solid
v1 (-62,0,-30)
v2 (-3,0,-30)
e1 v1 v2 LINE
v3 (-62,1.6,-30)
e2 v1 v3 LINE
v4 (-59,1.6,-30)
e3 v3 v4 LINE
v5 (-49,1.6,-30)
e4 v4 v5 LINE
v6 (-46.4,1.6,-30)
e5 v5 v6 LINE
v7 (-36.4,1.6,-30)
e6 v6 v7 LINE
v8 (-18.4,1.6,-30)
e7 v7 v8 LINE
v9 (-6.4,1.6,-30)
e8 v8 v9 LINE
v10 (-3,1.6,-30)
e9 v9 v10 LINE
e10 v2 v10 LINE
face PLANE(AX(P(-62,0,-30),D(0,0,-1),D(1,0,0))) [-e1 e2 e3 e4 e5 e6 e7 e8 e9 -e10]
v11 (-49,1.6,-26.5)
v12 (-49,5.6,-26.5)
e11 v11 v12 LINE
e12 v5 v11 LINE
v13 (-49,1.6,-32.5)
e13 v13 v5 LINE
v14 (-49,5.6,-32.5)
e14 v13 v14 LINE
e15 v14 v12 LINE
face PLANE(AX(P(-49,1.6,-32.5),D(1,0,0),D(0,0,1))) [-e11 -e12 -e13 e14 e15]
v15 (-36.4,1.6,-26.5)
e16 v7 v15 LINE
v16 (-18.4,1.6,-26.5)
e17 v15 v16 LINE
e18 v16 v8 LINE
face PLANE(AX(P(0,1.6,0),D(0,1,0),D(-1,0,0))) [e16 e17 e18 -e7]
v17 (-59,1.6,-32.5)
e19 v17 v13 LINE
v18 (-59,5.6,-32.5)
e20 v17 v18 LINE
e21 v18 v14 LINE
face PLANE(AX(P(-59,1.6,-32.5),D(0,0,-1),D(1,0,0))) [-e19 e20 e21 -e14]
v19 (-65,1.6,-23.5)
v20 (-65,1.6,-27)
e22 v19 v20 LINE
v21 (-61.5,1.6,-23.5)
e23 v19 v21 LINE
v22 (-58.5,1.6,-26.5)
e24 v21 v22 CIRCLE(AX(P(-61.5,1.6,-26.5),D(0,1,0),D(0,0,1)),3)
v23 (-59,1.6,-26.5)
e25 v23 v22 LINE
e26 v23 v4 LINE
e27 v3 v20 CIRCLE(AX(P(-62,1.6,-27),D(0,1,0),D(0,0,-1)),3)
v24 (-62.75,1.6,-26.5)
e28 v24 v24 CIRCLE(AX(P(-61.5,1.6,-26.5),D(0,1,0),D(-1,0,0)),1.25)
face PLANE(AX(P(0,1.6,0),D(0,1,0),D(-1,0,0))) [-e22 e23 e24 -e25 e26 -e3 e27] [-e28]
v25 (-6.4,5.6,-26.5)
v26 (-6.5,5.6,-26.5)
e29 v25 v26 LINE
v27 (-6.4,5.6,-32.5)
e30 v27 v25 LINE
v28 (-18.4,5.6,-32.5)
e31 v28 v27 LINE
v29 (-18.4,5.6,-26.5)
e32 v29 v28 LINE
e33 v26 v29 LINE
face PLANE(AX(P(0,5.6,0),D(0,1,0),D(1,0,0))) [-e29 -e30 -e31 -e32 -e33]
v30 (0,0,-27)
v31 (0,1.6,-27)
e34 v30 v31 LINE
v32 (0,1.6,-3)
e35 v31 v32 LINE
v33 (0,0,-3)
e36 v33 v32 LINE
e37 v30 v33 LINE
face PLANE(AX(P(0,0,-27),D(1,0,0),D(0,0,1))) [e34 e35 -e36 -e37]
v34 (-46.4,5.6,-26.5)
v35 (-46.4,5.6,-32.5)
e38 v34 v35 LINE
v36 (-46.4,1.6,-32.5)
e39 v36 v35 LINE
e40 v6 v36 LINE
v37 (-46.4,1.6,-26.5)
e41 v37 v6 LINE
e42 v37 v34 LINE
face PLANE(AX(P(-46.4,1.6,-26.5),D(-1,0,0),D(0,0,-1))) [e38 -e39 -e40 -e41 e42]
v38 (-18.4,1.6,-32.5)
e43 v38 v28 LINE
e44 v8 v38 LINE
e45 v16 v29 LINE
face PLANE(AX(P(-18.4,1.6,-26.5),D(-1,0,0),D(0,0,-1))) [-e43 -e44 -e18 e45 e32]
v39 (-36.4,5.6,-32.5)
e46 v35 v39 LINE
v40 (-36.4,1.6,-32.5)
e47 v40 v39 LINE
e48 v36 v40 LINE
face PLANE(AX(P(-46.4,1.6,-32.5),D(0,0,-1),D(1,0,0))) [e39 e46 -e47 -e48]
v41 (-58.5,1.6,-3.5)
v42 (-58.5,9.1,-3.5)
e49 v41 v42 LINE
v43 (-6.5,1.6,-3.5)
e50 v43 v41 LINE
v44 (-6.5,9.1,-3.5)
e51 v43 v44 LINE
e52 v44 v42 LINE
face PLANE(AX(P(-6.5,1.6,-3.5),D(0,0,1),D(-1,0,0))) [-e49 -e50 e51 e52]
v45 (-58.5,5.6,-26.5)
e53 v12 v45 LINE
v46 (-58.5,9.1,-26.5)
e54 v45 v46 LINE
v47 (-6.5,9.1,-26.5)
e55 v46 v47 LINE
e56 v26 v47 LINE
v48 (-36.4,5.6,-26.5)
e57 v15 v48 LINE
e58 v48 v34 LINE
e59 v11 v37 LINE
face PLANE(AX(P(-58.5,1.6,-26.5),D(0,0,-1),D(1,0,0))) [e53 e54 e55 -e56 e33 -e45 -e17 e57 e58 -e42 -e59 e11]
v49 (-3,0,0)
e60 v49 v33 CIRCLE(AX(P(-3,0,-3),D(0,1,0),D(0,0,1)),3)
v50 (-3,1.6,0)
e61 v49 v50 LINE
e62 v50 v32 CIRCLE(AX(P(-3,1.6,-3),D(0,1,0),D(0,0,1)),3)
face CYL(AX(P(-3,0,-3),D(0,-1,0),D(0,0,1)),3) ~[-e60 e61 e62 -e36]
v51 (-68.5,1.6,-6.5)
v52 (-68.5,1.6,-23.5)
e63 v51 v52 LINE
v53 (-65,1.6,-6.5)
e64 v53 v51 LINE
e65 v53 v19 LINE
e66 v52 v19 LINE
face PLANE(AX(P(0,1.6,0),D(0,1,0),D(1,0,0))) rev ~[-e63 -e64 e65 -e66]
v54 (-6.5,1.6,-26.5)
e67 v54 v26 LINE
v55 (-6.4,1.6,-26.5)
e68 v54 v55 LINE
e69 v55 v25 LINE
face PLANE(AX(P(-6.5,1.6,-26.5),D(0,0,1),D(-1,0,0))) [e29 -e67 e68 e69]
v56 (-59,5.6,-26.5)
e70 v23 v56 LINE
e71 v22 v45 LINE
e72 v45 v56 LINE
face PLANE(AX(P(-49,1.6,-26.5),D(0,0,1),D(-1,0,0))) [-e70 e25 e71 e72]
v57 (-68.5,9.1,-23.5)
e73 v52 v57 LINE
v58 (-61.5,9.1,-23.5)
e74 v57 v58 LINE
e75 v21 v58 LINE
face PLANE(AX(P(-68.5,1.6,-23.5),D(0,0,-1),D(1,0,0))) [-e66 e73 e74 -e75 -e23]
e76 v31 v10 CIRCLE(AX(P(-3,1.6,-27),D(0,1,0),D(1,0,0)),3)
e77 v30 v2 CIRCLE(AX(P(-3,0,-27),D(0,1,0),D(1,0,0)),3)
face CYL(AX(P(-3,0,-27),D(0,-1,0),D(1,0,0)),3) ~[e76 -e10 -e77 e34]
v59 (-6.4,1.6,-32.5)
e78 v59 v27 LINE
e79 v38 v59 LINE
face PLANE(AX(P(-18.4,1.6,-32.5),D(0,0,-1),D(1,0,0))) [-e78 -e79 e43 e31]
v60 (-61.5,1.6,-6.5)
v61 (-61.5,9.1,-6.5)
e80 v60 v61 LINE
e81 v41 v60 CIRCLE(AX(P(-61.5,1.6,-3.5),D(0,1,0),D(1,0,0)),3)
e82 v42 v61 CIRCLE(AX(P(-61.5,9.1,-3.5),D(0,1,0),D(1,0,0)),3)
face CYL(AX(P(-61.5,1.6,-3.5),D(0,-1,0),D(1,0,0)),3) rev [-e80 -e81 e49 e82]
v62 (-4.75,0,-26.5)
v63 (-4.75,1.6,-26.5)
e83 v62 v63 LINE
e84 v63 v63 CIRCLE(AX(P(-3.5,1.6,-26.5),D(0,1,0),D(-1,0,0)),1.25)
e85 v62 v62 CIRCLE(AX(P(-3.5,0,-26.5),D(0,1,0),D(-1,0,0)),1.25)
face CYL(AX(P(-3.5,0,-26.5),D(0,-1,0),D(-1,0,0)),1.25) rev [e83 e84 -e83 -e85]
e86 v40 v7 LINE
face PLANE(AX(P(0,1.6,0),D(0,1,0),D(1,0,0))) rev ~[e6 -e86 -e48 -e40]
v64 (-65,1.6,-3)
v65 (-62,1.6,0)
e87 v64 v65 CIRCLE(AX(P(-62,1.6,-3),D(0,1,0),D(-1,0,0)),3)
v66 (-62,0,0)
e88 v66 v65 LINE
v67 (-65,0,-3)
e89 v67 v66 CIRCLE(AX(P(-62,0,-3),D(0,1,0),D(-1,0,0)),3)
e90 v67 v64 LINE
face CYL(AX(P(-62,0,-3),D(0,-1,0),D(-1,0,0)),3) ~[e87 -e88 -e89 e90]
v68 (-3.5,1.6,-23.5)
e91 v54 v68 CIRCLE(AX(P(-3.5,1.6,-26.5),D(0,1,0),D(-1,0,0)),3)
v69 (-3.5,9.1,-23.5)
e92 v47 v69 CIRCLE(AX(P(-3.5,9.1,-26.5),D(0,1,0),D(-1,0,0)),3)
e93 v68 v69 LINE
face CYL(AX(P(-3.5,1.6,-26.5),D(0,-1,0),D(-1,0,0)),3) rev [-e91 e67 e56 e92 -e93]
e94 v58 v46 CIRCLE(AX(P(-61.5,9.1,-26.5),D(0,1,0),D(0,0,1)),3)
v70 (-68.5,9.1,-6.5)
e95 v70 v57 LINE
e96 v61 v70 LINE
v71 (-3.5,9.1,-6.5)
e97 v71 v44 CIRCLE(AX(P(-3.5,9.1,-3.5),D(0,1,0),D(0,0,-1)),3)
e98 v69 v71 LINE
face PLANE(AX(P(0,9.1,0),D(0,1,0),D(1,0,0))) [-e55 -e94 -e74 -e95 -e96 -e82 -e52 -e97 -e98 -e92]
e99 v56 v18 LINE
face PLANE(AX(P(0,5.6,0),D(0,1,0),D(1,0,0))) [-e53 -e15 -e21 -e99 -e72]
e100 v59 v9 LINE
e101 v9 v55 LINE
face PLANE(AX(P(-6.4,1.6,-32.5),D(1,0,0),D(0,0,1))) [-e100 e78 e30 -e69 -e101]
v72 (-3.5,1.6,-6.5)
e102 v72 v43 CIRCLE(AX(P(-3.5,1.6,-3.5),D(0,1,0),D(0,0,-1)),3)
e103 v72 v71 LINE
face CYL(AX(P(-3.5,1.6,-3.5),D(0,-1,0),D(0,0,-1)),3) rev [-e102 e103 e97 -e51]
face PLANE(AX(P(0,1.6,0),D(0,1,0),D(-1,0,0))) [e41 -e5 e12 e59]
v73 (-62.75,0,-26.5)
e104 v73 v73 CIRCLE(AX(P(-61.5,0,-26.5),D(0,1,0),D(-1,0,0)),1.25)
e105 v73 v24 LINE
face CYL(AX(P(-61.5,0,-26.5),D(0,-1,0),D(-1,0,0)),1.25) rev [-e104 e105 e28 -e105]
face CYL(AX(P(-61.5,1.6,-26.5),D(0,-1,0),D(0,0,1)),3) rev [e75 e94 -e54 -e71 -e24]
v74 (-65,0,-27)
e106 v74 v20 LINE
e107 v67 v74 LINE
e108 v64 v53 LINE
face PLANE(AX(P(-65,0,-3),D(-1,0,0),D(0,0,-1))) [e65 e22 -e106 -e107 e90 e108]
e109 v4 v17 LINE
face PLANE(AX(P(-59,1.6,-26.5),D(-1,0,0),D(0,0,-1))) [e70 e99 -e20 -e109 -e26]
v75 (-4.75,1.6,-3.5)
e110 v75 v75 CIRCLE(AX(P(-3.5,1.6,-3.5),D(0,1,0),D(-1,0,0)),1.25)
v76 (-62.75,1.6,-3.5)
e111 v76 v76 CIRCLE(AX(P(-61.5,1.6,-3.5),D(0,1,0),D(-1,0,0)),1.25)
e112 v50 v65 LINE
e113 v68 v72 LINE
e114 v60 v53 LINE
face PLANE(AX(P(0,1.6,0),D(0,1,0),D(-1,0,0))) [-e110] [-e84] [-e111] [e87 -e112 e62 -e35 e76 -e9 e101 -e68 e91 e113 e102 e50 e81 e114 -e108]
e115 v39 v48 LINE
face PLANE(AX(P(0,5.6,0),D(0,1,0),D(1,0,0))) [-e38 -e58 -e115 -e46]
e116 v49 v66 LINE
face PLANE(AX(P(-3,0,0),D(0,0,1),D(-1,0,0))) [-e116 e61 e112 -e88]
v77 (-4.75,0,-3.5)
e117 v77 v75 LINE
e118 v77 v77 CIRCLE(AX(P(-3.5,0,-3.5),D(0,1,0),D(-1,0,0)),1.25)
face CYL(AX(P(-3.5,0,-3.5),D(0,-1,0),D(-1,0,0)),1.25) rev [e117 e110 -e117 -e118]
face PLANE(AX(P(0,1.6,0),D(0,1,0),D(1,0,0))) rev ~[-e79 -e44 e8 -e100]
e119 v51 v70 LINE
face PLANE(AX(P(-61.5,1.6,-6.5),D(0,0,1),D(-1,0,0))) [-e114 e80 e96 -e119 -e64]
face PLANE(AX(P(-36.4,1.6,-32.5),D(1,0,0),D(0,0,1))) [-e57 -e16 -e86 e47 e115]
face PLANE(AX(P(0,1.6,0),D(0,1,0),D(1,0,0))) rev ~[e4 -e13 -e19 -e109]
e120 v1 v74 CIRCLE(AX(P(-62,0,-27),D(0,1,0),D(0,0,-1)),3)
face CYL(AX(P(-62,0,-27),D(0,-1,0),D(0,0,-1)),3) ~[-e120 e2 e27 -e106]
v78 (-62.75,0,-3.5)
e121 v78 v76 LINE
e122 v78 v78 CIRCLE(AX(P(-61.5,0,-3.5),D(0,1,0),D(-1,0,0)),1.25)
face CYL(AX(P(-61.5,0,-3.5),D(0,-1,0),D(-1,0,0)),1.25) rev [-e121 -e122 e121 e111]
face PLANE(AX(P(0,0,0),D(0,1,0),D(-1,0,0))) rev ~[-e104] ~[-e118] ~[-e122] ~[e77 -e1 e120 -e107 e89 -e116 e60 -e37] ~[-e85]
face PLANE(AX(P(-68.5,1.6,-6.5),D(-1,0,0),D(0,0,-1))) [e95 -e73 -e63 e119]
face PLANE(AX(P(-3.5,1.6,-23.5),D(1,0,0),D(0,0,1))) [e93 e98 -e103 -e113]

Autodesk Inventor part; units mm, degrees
ref_plane "YZ Plane" through (0, 0, 0) normal (1, 0, 0) x (0, 1, 0)
ref_plane "XZ Plane" through (0, 0, 0) normal (0, 1, 0) x (-1, 0, 0)
ref_plane "XY Plane" through (0, 0, 0) normal (0, 0, 1) x (1, 0, 0)
sketch "Sketch1" plane through (0, 0, 0) normal (0, 1, 0) x (-1, 0, 0)
  line L0 (3, 0) -> (62, 0)
  line L1 (65, -3) -> (65, -27)
  line L2 (62, -30) -> (3, -30)
  line L3 (0, -27) -> (0, -3)
  arc A0 (65, -3) -> (62, 0) centre (62, -3) ccw
  arc A1 (62, -30) -> (65, -27) centre (62, -27) ccw
  arc A2 (0, -27) -> (3, -30) centre (3, -27) ccw
  arc A3 (3, 0) -> (0, -3) centre (3, -3) ccw
  circle A4 centre (61.5, -26.5) radius 1.25
  circle A5 centre (61.5, -3.5) radius 1.25
  circle A6 centre (3.5, -26.5) radius 1.25
  circle A7 centre (3.5, -3.5) radius 1.25
  point P0 (0, 0)
  point P1 (65, -30)
  point P2 (65, 0)
  point P3 (0, -30)
  dimension "d0" = 65
  dimension "d1" = 30
  dimension "d2" = 3
  dimension "d3" = 2.5
  dimension "d4" = 3.5
  dimension "d5" = 3.5
  dimension "d8" = 23
  dimension "d11" = 58
extrude "Extrusion1" add sketch "Sketch1" along normal blind 1.6
sketch "Sketch2" plane through (0, 1.6, 0) normal (0, 1, 0) x (1, 0, 0)
  circle A0 centre (-61.5, 26.5) radius 1.25 projected
  line L0 (-65, 27) -> (-65, 3) construction
  line L1 (-65, 3) -> (-65, 27) construction
  line L2 (-3, 30) -> (-62, 30) construction
  line L3 (-62, 30) -> (-3, 30) construction
  circle A1 centre (-61.5, 26.5) radius 3 construction
  circle A2 centre (-61.5, 3.5) radius 3 construction
  circle A3 centre (-3.5, 26.5) radius 3 construction
  circle A4 centre (-3.5, 3.5) radius 3 construction
  circle A5 centre (-61.5, 3.5) radius 1.25 construction
  line L4 (-3.5, 3.5) -> (-61.5, 3.5) construction
  line L5 (-61.5, 3.5) -> (-61.5, 26.5) construction
  circle A6 centre (-3.5, 26.5) radius 1.25 construction
  line L6 (-61.5, 26.5) -> (-60.25, 26.5) construction
  circle A7 centre (-3.5, 3.5) radius 1.25 construction
  line L7 (-3.5, 26.5) -> (-3.5, 3.5) construction
  line L8 (-61.5, 3.5) -> (-61.5, 26.5) construction
  line L9 (-3.5, 26.5) -> (-61.5, 26.5) construction
  line L10 (-62, 0) -> (-3, 0) construction
  line L11 (-60.25, 26.5) -> (-3.5, 26.5) construction
  line L12 (-61.5, 6.5) -> (-61.5, 23.5)
  line L13 (-58.5, 26.5) -> (-6.5, 26.5)
  line L14 (-3.5, 23.5) -> (-3.5, 6.5)
  line L15 (-6.5, 3.5) -> (-58.5, 3.5)
  arc A8 (-61.5, 23.5) -> (-58.5, 26.5) centre (-61.5, 26.5) ccw
  arc A9 (-6.5, 26.5) -> (-3.5, 23.5) centre (-3.5, 26.5) ccw
  arc A10 (-3.5, 6.5) -> (-6.5, 3.5) centre (-3.5, 3.5) ccw
  arc A11 (-58.5, 3.5) -> (-61.5, 6.5) centre (-61.5, 3.5) ccw
  line L16 (-61.5, 6.5) -> (-68.5, 6.5)
  line L17 (-68.5, 6.5) -> (-68.5, 23.5)
  line L18 (-68.5, 23.5) -> (-61.5, 23.5)
  line L19 (-3.5, 6.5) -> (3.5, 6.5)
  line L20 (3.5, 6.5) -> (3.5, 23.5)
  line L21 (3.5, 23.5) -> (-3.5, 23.5)
  point P0 (0, 0)
  dimension "d17" = 6
  dimension "d20" = 23
  dimension "d23" = 58
  dimension "d28" = 7
  dimension "d29" = 7
extrude "Extrusion3" add sketch "Sketch2" along normal blind 7.5 contours L16 L17 L18 L12 | L12 A8 L13 A9 L14 A10 L15 A11
sketch "Sketch5" plane through (0, 1.6, 0) normal (0, 1, 0) x (1, 0, 0)
  line L0 (-6.5, 26.5) -> (-58.5, 26.5) projected
  line L1 (-36.4, 26.5) -> (-46.4, 26.5)
  line L2 (-46.4, 26.5) -> (-46.4, 32.5)
  line L3 (-46.4, 32.5) -> (-36.4, 32.5)
  line L4 (-36.4, 32.5) -> (-36.4, 26.5)
  line L5 (-41.4, 26.5) -> (-41.4, 32.5) construction
  line L6 (0, 3) -> (0, 27) construction
  line L7 (-49, 26.5) -> (-59, 26.5)
  line L8 (-59, 26.5) -> (-59, 32.5)
  line L9 (-59, 32.5) -> (-49, 32.5)
  line L10 (-49, 32.5) -> (-49, 26.5)
  line L11 (-54, 26.5) -> (-54, 32.5) construction
  line L12 (-58.5, 26.5) -> (-6.5, 26.5) projected
  line L13 (-6.4, 26.5) -> (-18.4, 26.5)
  line L14 (-18.4, 26.5) -> (-18.4, 32.5)
  line L15 (-18.4, 32.5) -> (-6.4, 32.5)
  line L16 (-6.4, 32.5) -> (-6.4, 26.5)
  line L17 (-12.4, 26.5) -> (-12.4, 32.5) construction
  point P0 (0, 0)
  dimension "d37" = 10
  dimension "d38" = 6
  dimension "d39" = 41.4
  dimension "d40" = 10
  dimension "d41" = 6
  dimension "d42" = 54
  dimension "d45" = 12
  dimension "d46" = 6
  dimension "d47" = 12.4
extrude "Extrusion5" add sketch "Sketch5" along normal blind 4
equation "\"d40\" = d37"
equation "\"d41\" = d38"
properties part number "RaspberryPi0W-SafeSpecs" material "ABS Plastic"
